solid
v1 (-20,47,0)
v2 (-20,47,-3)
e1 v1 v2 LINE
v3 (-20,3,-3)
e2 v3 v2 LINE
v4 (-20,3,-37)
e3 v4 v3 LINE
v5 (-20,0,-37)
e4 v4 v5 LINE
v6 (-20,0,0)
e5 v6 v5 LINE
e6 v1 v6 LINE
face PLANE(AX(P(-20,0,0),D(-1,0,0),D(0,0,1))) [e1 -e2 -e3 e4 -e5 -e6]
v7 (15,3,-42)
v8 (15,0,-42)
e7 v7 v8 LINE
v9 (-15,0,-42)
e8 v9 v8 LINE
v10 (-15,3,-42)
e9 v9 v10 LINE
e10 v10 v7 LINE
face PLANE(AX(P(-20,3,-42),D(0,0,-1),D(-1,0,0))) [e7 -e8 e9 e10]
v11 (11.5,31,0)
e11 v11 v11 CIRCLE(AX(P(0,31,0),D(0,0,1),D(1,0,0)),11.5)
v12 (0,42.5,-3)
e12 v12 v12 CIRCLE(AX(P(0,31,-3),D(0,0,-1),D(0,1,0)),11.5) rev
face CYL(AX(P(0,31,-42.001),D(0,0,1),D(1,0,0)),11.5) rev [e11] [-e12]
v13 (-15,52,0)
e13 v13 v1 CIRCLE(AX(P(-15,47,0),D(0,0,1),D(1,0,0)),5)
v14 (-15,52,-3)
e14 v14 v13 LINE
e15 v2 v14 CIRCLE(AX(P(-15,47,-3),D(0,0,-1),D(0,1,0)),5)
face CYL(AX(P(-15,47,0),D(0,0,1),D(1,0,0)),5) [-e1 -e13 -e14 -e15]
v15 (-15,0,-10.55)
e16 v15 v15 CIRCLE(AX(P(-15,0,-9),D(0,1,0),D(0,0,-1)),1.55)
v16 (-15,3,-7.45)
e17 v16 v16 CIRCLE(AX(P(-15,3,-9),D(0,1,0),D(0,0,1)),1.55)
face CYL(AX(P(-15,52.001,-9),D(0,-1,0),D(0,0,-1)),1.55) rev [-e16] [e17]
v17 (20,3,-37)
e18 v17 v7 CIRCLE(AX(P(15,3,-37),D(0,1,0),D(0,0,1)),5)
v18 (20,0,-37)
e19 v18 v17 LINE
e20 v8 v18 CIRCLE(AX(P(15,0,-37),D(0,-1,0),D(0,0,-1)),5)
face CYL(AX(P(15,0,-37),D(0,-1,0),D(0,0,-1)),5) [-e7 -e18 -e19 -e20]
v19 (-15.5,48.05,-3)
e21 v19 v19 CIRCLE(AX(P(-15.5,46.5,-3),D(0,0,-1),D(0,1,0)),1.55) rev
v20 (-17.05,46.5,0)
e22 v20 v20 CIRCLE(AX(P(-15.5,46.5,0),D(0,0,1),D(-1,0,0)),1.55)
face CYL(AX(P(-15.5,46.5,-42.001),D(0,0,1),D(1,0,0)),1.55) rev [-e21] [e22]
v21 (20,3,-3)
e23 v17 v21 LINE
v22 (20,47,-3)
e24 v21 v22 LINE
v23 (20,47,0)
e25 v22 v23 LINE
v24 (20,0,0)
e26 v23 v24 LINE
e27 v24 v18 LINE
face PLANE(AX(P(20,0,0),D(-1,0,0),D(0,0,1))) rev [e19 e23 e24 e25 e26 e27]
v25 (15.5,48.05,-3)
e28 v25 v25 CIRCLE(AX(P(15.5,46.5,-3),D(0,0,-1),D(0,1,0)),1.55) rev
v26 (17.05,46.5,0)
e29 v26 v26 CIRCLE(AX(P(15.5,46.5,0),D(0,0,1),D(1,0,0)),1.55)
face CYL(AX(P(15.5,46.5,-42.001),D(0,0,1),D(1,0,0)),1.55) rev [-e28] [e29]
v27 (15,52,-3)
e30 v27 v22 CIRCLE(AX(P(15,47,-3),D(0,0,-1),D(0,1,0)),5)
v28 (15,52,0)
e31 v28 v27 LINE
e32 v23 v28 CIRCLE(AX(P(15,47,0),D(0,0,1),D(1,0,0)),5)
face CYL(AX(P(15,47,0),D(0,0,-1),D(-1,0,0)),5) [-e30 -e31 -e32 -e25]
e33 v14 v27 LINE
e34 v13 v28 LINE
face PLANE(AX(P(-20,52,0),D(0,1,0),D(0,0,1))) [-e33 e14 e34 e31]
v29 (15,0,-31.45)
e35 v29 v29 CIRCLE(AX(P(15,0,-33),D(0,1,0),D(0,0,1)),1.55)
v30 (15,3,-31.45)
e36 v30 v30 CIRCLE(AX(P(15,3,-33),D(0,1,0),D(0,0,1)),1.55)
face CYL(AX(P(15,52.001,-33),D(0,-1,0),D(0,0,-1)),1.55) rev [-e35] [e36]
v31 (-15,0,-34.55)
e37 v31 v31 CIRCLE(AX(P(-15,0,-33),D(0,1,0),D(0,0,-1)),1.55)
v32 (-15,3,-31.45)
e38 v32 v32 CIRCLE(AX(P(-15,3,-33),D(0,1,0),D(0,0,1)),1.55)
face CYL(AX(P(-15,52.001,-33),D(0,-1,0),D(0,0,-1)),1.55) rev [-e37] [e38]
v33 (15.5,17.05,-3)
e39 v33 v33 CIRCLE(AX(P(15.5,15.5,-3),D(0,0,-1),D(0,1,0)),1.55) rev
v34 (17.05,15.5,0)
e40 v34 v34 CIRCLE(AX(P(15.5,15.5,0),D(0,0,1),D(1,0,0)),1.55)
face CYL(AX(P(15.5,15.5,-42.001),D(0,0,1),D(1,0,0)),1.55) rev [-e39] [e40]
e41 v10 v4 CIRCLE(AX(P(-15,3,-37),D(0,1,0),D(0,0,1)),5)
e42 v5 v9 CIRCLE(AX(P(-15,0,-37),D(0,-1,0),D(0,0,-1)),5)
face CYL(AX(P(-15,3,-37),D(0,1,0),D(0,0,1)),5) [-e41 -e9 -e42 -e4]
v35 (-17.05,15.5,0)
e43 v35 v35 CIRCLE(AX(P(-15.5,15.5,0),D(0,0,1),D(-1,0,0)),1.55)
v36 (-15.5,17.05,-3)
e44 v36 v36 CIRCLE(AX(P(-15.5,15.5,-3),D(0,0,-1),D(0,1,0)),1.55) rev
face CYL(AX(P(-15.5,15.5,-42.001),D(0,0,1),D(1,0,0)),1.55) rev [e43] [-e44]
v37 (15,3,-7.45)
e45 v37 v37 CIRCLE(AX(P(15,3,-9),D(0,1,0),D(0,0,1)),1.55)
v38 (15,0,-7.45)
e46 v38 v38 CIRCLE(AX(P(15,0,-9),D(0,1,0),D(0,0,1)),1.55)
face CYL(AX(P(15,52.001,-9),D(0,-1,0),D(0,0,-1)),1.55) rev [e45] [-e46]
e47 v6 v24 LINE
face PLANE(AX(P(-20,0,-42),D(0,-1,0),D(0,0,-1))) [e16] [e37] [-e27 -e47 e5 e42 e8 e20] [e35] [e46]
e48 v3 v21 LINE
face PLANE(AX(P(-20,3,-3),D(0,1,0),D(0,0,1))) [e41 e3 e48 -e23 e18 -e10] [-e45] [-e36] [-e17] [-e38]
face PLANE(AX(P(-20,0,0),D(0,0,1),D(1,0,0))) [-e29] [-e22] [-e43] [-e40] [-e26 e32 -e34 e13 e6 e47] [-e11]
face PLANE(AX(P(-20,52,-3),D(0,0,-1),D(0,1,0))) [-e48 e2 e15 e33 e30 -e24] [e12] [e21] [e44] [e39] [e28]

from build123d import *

# Parameters (mm, degrees)
EXTRUDE_1_DEPTH     = 20
CUT_EXTRUDE_1_REACH = 71.771
SKETCH_2_R          = 1.55
SKETCH_2_R_2        = 11.5
CUT_EXTRUDE_2_REACH = 71.771
SKETCH_3_R          = 1.55
FILLET_1_R          = 5


with BuildPart() as part:
    # 草图1 → 凸台-拉伸1 (new, symmetric)
    with BuildSketch(Plane(origin=(0, 0, 0), x_dir=(0, 0, -1), z_dir=(1, 0, 0))):
        Polygon((0, 0), (0, 52), (3, 52), (3, 3), (42, 3), (42, 0), align=None)
    extrude(amount=EXTRUDE_1_DEPTH, both=True)

    # 草图2 → 切除-拉伸1 (cut, up to next)
    with BuildSketch(Plane.XY, mode=Mode.PRIVATE) as cut_extrude_1_sk1:
        with Locations((15.5, 46.5)):
            Circle(SKETCH_2_R)
    cut_extrude_1_tool1 = extrude(cut_extrude_1_sk1.sketch, amount=-CUT_EXTRUDE_1_REACH, mode=Mode.PRIVATE) & part.part
    # 草图2 → 切除-拉伸1 (cut, up to next)
    with BuildSketch(Plane.XY, mode=Mode.PRIVATE) as cut_extrude_1_sk2:
        with Locations((15.5, 15.5)):
            Circle(SKETCH_2_R)
    cut_extrude_1_tool2 = extrude(cut_extrude_1_sk2.sketch, amount=-CUT_EXTRUDE_1_REACH, mode=Mode.PRIVATE) & part.part
    # 草图2 → 切除-拉伸1 (cut, up to next)
    with BuildSketch(Plane.XY, mode=Mode.PRIVATE) as cut_extrude_1_sk3:
        with Locations(Location((-15.5, 15.5, 0), (0, 0, 90))):
            Circle(SKETCH_2_R)
    cut_extrude_1_tool3 = extrude(cut_extrude_1_sk3.sketch, amount=-CUT_EXTRUDE_1_REACH, mode=Mode.PRIVATE) & part.part
    # 草图2 → 切除-拉伸1 (cut, up to next)
    with BuildSketch(Plane.XY, mode=Mode.PRIVATE) as cut_extrude_1_sk4:
        with Locations(Location((-15.5, 46.5, 0), (0, 0, 90))):
            Circle(SKETCH_2_R)
    cut_extrude_1_tool4 = extrude(cut_extrude_1_sk4.sketch, amount=-CUT_EXTRUDE_1_REACH, mode=Mode.PRIVATE) & part.part
    # 草图2 → 切除-拉伸1 (cut, up to next)
    with BuildSketch(Plane.XY, mode=Mode.PRIVATE) as cut_extrude_1_sk5:
        with Locations((0, 31)):
            Circle(SKETCH_2_R_2)
    cut_extrude_1_tool5 = extrude(cut_extrude_1_sk5.sketch, amount=-CUT_EXTRUDE_1_REACH, mode=Mode.PRIVATE) & part.part
    add(cut_extrude_1_tool1.solids().sort_by_distance((15.5, 46.5, 0))[0], mode=Mode.SUBTRACT)
    add(cut_extrude_1_tool2.solids().sort_by_distance((15.5, 15.5, 0))[0], mode=Mode.SUBTRACT)
    add(cut_extrude_1_tool3.solids().sort_by_distance((-15.5, 15.5, 0))[0], mode=Mode.SUBTRACT)
    add(cut_extrude_1_tool4.solids().sort_by_distance((-15.5, 46.5, 0))[0], mode=Mode.SUBTRACT)
    add(cut_extrude_1_tool5.solids().sort_by_distance((0, 31, 0))[0], mode=Mode.SUBTRACT)

    # 草图3 → 切除-拉伸2 (cut, up to next)
    with BuildSketch(Plane(origin=(0, 0, 0), x_dir=(1, 0, 0), z_dir=(0, 1, 0)), mode=Mode.PRIVATE) as cut_extrude_2_sk1:
        with Locations(Location((15, 33, 0), (0, 0, 270))):
            Circle(SKETCH_3_R)
    cut_extrude_2_tool1 = extrude(cut_extrude_2_sk1.sketch, amount=CUT_EXTRUDE_2_REACH, mode=Mode.PRIVATE) & part.part
    # 草图3 → 切除-拉伸2 (cut, up to next)
    with BuildSketch(Plane(origin=(0, 0, 0), x_dir=(1, 0, 0), z_dir=(0, 1, 0)), mode=Mode.PRIVATE) as cut_extrude_2_sk2:
        with Locations(Location((15, 9, 0), (0, 0, 270))):
            Circle(SKETCH_3_R)
    cut_extrude_2_tool2 = extrude(cut_extrude_2_sk2.sketch, amount=CUT_EXTRUDE_2_REACH, mode=Mode.PRIVATE) & part.part
    # 草图3 → 切除-拉伸2 (cut, up to next)
    with BuildSketch(Plane(origin=(0, 0, 0), x_dir=(1, 0, 0), z_dir=(0, 1, 0)), mode=Mode.PRIVATE) as cut_extrude_2_sk3:
        with Locations(Location((-15, 9, 0), (0, 0, 90))):
            Circle(SKETCH_3_R)
    cut_extrude_2_tool3 = extrude(cut_extrude_2_sk3.sketch, amount=CUT_EXTRUDE_2_REACH, mode=Mode.PRIVATE) & part.part
    # 草图3 → 切除-拉伸2 (cut, up to next)
    with BuildSketch(Plane(origin=(0, 0, 0), x_dir=(1, 0, 0), z_dir=(0, 1, 0)), mode=Mode.PRIVATE) as cut_extrude_2_sk4:
        with Locations(Location((-15, 33, 0), (0, 0, 90))):
            Circle(SKETCH_3_R)
    cut_extrude_2_tool4 = extrude(cut_extrude_2_sk4.sketch, amount=CUT_EXTRUDE_2_REACH, mode=Mode.PRIVATE) & part.part
    add(cut_extrude_2_tool1.solids().sort_by_distance((15, 0, -33))[0], mode=Mode.SUBTRACT)
    add(cut_extrude_2_tool2.solids().sort_by_distance((15, 0, -9))[0], mode=Mode.SUBTRACT)
    add(cut_extrude_2_tool3.solids().sort_by_distance((-15, 0, -9))[0], mode=Mode.SUBTRACT)
    add(cut_extrude_2_tool4.solids().sort_by_distance((-15, 0, -33))[0], mode=Mode.SUBTRACT)

    # 圆角1
    fillet_1_edges = [part.edges().sort_by_distance(p)[0] for p in [
        (-20, 52, -1.5),
        (20, 52, -1.5),
        (20, 1.5, -42),
        (-20, 1.5, -42),
    ]]
    fillet(fillet_1_edges, radius=FILLET_1_R)


solid = part.part
